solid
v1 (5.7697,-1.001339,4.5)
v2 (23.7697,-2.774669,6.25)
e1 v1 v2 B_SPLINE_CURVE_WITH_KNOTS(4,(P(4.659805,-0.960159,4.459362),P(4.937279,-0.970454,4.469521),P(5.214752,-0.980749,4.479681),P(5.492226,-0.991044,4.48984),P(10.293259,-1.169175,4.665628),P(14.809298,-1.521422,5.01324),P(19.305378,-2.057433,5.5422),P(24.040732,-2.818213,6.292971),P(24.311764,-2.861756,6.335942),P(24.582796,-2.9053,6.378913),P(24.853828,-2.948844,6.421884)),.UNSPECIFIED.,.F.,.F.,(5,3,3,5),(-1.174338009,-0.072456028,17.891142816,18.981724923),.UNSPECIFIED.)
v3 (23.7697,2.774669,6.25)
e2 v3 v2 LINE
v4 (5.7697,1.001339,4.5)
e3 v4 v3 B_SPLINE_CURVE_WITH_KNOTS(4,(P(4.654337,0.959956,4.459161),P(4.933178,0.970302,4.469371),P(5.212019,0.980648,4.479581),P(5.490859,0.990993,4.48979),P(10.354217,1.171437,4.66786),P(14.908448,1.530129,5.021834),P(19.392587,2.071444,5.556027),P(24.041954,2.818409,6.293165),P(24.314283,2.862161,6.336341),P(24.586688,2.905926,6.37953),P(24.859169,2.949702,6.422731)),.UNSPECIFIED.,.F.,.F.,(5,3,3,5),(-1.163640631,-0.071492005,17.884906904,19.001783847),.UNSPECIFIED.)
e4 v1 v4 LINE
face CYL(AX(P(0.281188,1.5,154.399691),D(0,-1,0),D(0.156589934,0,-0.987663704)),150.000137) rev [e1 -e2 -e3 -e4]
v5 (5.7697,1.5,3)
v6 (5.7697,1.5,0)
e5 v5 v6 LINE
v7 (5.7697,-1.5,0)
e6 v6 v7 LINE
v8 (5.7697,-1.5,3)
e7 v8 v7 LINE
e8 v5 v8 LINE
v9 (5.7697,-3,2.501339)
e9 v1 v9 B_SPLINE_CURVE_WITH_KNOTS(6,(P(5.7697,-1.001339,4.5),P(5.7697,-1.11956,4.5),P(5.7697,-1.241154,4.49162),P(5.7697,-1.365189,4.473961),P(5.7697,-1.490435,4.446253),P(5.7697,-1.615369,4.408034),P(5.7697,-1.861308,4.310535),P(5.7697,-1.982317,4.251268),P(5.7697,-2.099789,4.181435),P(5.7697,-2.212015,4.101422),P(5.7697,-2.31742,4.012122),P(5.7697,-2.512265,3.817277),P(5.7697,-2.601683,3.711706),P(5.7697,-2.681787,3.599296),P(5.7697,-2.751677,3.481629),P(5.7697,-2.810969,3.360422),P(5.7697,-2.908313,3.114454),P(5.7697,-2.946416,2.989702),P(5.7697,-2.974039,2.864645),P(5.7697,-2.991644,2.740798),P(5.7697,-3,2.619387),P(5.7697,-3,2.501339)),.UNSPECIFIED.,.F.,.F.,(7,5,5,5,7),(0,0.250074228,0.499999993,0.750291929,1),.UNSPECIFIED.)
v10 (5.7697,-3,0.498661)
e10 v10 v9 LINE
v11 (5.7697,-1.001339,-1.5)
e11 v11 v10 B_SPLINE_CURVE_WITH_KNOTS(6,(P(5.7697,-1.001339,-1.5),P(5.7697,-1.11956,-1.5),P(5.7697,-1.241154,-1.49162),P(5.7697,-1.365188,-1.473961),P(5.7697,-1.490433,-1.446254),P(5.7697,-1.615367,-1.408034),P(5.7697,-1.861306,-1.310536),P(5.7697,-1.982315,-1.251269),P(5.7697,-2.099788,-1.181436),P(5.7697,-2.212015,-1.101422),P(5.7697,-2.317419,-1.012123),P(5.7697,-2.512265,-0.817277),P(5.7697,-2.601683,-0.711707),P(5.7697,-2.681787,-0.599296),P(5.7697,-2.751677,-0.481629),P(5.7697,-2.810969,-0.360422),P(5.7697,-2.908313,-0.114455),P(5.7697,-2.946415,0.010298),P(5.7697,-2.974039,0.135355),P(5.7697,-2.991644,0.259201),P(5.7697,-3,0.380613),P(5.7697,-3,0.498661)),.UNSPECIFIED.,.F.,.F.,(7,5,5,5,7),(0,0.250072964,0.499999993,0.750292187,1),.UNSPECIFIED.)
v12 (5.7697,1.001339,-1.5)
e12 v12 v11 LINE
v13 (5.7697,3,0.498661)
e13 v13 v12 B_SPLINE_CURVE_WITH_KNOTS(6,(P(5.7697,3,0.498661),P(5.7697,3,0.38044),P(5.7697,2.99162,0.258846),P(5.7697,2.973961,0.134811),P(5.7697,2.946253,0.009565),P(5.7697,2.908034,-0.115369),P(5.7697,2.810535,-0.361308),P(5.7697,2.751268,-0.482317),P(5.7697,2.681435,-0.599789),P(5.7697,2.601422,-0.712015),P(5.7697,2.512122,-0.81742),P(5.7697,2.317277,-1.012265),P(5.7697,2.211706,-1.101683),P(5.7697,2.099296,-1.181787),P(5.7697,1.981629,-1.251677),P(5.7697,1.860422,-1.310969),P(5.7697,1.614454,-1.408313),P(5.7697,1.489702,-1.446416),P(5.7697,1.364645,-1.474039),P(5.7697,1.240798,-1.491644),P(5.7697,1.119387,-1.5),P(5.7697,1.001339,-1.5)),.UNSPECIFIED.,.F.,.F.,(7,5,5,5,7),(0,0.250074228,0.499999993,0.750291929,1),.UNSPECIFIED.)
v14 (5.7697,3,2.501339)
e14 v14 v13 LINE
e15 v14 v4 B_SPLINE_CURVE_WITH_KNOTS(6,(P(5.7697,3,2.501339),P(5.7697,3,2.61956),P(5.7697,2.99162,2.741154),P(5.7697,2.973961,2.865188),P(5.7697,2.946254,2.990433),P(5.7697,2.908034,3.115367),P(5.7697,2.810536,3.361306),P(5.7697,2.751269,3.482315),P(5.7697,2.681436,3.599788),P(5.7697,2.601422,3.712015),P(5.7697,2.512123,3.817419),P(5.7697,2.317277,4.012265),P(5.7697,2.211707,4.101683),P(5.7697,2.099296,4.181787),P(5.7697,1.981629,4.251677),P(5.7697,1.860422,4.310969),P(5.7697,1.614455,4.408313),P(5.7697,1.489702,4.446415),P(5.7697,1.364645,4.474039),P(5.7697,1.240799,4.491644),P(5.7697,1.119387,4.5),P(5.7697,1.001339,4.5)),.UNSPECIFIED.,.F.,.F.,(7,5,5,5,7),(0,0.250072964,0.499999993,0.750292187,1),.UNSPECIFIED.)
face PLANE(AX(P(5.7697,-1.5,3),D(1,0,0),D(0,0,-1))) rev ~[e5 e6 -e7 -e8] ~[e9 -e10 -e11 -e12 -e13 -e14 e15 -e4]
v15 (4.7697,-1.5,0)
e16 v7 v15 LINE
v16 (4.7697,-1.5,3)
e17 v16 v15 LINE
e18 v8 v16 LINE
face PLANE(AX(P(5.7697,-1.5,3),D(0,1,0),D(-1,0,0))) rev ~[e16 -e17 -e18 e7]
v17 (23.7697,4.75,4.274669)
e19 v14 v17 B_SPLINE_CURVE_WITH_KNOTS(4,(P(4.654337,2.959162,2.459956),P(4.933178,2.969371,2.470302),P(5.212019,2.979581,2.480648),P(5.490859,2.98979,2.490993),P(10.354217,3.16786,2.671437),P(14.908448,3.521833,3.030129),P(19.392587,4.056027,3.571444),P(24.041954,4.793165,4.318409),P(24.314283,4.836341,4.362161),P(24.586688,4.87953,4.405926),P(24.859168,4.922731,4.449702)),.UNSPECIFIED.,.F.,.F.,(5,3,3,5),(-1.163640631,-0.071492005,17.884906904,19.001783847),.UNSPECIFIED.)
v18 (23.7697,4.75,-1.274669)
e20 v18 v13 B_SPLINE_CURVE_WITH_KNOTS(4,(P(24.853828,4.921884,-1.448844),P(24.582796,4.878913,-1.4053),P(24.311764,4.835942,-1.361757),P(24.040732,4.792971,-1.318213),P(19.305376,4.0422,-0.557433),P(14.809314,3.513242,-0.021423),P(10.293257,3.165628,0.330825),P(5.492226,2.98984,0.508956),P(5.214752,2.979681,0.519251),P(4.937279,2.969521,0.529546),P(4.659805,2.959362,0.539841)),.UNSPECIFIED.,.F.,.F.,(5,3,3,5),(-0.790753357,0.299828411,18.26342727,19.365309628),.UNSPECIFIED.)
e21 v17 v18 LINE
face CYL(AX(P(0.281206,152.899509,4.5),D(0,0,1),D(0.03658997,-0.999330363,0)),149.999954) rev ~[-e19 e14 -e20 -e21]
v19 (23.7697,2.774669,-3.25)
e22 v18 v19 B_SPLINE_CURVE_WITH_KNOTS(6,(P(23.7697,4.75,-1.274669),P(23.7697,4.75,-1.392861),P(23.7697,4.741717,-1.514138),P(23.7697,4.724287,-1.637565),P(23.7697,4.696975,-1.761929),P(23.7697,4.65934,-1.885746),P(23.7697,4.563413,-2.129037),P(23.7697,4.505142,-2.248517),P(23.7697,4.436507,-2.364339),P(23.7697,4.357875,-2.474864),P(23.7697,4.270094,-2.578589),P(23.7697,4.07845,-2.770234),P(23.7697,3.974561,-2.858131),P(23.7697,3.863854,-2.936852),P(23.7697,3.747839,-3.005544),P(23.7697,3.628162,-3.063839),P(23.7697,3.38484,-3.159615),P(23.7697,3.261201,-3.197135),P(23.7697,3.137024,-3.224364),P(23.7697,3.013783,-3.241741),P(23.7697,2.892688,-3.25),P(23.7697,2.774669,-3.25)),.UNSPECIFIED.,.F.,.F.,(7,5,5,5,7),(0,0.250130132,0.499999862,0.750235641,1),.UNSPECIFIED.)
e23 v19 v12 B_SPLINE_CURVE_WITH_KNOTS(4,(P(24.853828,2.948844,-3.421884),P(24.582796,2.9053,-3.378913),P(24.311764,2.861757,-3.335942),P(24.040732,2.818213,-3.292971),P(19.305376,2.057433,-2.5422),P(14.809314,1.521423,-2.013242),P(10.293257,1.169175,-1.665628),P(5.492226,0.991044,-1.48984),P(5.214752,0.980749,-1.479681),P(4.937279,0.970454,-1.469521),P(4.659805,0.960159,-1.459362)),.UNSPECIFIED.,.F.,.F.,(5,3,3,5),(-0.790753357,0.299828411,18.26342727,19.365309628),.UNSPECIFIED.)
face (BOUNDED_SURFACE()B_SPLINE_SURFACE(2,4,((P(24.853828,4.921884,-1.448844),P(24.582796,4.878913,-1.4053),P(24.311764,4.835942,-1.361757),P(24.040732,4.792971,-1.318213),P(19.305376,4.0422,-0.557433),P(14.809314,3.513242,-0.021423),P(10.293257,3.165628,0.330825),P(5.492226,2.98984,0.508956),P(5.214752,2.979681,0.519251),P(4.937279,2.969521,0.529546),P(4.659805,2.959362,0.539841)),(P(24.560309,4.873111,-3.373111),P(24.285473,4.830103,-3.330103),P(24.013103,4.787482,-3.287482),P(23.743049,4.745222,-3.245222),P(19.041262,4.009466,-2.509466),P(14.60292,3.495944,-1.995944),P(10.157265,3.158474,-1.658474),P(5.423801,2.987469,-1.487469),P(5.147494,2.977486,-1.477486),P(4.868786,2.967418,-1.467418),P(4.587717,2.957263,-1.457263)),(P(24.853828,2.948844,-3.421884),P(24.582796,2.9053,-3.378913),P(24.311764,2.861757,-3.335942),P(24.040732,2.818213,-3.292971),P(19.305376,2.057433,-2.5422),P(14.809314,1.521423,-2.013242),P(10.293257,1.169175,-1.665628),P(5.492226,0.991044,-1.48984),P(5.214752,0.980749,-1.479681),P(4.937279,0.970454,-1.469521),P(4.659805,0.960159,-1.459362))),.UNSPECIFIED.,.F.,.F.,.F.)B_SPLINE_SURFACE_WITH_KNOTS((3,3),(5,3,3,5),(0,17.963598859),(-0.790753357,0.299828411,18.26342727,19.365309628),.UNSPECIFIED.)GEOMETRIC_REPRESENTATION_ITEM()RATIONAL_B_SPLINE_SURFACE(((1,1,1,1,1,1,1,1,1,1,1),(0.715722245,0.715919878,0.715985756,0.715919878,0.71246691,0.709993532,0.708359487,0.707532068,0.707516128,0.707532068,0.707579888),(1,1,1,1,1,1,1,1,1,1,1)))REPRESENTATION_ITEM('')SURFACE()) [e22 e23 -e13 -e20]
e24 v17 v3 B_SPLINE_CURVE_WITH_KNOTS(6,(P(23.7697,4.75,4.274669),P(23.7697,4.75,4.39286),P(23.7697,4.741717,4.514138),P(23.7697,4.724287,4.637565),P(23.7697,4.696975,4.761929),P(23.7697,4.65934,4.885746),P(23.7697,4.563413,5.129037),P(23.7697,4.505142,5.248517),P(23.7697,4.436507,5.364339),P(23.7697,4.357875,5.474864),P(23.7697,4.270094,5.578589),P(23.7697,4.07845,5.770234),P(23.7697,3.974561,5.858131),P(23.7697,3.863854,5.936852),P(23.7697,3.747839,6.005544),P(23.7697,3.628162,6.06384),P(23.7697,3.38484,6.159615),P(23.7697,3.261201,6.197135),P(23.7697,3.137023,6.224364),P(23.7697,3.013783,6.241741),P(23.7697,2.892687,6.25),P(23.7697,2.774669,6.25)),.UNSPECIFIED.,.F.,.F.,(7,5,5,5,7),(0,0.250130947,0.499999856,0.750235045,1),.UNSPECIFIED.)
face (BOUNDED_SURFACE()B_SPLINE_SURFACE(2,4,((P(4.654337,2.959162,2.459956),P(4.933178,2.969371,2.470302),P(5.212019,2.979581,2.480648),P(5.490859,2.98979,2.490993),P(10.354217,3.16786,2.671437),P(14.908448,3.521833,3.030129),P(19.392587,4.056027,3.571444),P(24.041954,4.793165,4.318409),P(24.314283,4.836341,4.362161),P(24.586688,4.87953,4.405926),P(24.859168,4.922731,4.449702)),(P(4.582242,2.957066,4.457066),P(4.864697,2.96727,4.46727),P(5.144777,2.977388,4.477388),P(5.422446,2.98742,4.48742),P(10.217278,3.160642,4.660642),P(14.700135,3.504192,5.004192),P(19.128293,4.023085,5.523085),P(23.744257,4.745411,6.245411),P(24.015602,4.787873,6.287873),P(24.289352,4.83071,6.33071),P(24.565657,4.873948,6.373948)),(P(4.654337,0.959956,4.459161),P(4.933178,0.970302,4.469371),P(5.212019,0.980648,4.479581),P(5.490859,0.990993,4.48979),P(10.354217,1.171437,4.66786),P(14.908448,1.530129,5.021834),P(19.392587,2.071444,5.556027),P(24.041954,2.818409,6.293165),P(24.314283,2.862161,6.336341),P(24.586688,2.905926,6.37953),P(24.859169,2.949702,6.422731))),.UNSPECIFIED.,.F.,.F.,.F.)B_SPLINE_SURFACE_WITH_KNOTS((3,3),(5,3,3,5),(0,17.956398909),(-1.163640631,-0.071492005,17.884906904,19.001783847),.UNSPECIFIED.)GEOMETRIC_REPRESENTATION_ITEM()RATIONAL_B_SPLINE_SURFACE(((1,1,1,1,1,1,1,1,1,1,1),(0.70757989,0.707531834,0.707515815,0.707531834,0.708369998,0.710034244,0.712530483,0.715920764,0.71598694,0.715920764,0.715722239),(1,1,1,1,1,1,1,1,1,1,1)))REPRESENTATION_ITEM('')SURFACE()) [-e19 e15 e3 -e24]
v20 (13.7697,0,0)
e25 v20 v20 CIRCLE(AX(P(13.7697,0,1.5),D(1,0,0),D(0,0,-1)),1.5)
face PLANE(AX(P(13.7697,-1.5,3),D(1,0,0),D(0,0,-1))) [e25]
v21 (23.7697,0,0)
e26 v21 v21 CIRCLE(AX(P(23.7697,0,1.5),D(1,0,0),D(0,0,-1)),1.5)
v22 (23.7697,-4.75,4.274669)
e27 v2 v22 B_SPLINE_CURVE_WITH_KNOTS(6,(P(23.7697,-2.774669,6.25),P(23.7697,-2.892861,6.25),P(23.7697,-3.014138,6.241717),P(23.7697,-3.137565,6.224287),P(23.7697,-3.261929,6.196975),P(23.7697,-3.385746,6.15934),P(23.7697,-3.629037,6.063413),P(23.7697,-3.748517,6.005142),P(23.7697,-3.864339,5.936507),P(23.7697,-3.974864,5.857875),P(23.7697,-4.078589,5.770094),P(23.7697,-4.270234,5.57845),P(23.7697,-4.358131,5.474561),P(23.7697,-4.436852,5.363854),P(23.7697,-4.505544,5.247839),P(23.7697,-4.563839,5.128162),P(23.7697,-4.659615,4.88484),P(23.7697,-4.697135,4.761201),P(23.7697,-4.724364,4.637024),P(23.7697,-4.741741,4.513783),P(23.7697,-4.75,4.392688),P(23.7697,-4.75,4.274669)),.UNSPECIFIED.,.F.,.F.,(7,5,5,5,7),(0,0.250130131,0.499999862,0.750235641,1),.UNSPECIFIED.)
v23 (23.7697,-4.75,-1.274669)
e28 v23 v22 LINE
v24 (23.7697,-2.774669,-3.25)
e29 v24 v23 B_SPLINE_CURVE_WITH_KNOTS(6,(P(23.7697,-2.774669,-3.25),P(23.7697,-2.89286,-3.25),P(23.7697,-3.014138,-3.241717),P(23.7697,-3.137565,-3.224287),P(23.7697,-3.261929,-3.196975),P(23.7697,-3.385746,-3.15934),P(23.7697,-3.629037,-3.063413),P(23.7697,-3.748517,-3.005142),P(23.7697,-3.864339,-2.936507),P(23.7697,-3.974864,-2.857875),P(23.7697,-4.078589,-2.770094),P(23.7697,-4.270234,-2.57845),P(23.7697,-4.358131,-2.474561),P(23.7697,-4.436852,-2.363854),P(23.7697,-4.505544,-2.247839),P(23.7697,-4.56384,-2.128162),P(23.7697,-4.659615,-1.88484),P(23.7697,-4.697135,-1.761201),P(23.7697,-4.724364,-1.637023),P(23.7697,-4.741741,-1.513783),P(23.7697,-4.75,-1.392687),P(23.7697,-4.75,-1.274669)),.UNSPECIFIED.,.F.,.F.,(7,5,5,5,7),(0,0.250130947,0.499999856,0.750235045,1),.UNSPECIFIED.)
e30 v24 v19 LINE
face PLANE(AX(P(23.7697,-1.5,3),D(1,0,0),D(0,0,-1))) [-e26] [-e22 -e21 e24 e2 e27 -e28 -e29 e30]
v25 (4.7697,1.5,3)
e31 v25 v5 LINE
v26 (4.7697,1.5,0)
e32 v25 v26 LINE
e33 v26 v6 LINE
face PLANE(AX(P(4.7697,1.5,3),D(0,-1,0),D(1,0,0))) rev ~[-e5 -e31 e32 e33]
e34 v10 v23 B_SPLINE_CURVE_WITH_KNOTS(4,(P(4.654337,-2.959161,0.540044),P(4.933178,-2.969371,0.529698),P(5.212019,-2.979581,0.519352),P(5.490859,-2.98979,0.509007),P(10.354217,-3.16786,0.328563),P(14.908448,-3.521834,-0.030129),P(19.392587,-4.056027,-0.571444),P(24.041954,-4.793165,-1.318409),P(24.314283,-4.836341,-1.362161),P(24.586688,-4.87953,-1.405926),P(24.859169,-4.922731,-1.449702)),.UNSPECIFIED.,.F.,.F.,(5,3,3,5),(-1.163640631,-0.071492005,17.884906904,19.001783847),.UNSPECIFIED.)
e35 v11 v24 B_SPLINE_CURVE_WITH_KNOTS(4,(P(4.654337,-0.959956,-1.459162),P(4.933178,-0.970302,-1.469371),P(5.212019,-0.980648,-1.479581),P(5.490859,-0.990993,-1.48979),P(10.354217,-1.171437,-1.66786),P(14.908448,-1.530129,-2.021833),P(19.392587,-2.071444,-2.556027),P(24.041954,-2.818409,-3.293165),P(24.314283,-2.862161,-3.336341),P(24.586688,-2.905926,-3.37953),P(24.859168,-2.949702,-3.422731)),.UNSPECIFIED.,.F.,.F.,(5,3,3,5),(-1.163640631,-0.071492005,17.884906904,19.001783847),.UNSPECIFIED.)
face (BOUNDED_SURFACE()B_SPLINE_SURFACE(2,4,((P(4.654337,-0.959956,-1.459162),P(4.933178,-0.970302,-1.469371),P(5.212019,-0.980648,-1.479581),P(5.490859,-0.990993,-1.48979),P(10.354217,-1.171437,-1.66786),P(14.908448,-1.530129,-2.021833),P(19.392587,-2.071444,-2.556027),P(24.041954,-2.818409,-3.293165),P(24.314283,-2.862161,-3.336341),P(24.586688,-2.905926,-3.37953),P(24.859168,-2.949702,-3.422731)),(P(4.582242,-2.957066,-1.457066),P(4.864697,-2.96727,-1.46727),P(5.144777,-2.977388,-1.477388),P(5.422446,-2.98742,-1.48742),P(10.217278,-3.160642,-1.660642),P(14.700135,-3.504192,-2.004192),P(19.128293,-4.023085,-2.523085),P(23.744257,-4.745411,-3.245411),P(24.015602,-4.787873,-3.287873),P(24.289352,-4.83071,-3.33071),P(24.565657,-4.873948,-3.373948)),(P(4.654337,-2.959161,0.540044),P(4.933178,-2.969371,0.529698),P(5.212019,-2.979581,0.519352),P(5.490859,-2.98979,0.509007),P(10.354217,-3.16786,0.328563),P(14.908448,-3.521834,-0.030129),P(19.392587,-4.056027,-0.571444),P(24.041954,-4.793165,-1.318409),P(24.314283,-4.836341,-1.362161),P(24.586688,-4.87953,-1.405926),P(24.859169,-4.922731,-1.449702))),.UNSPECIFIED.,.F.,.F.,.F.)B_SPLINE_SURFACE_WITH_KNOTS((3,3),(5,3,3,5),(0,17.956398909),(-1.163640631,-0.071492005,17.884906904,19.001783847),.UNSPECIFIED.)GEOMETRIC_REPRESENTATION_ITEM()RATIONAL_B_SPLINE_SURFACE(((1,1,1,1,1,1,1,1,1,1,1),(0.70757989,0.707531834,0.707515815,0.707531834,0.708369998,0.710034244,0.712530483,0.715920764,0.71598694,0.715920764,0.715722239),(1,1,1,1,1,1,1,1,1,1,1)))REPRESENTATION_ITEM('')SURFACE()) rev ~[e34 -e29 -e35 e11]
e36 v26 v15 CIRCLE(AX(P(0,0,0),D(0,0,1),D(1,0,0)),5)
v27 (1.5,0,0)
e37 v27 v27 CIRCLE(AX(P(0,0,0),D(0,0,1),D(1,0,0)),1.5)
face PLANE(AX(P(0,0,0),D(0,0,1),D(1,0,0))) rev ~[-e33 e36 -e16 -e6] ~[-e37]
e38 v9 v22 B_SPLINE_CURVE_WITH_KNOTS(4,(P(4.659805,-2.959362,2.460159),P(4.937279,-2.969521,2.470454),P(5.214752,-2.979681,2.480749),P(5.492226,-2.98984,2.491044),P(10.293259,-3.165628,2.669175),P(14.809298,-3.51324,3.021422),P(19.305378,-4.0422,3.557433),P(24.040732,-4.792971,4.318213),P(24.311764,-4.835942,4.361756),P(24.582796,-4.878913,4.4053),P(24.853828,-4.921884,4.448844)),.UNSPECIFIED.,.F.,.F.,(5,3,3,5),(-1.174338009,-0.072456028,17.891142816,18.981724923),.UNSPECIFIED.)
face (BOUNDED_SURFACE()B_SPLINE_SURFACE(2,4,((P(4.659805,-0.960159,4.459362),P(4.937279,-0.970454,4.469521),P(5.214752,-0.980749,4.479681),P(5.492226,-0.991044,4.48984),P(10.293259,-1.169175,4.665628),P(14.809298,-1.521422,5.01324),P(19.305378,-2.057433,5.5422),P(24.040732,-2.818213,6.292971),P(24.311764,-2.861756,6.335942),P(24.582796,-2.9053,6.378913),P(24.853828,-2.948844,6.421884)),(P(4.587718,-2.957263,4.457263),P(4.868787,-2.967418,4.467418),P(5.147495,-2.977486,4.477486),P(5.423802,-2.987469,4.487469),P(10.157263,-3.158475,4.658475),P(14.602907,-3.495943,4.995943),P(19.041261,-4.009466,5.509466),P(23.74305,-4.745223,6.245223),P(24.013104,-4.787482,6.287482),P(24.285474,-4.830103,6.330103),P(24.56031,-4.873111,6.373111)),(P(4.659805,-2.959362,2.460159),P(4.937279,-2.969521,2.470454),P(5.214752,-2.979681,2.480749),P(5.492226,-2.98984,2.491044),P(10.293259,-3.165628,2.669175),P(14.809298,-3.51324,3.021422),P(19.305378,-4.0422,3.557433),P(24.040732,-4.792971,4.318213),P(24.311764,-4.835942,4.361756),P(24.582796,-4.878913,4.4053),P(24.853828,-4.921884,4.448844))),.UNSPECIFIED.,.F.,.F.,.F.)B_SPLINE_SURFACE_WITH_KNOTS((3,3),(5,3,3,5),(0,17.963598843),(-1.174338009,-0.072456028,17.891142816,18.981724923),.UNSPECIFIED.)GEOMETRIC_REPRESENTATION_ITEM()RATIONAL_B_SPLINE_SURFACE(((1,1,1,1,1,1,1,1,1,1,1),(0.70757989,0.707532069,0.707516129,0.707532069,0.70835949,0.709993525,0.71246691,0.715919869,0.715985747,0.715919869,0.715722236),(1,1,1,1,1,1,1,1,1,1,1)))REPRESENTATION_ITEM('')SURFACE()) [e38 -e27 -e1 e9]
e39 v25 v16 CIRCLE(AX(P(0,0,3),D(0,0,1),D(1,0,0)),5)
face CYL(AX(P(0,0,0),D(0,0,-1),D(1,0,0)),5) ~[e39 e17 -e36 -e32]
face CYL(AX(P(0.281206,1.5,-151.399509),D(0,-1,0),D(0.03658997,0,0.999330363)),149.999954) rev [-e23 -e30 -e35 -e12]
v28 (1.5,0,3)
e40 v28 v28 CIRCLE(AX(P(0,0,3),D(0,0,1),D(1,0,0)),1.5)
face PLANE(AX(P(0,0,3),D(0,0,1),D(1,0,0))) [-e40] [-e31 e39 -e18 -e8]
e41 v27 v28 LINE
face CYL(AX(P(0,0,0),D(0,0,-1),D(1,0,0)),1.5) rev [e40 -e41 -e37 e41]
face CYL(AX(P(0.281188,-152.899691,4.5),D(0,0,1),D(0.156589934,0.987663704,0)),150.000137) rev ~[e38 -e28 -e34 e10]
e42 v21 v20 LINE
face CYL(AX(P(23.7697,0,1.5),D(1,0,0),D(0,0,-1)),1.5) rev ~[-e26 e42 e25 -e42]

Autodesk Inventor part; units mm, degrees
ref_plane "YZ Plane" through (0, 0, 0) normal (1, 0, 0) x (0, 1, 0)
ref_plane "XZ Plane" through (0, 0, 0) normal (0, 1, 0) x (-1, 0, 0)
ref_plane "XY Plane" through (0, 0, 0) normal (0, 0, 1) x (1, 0, 0)
sketch "Sketch1" plane through (0, 0, 0) normal (0, 0, 1) x (1, 0, 0)
  circle A0 centre (0, 0) radius 1.5
  circle A1 centre (0, 0) radius 5
  dimension "d0" = 3
  dimension "d1" = 10
extrude "Extrusion1" add sketch "Sketch1" along normal blind 3
sketch "Sketch2" plane through (0, 0, 3) normal (0, 0, 1) x (1, 0, 0)
  circle A0 centre (0, 0) radius 5 projected
  line L0 (4.7697, 1.5) -> (5.7697, 1.5)
  line L1 (5.7697, 1.5) -> (5.7697, -1.5)
  line L2 (5.7697, -1.5) -> (4.7697, -1.5)
  line L3 (4.7697, -1.5) -> (4.7697, 1.5)
  circle A1 centre (0, 0) radius 5 projected
  point P0 (4.7697, 0)
  dimension "d4" = 1
  dimension "d8" = 3
extrude "Extrusion2" add sketch "Sketch2" against normal blind 3 contours A0 L3 | A0 L0 L1 L2 picked at (4.8122, -0.3362)
sketch "Sketch3" plane through (5.7697, -1.5, 3) normal (1, 0, 0) x (0, 0, -1)
  line L0 (-1.5, 4.5) -> (4.5, 4.5)
  line L1 (4.5, 4.5) -> (4.5, -1.5)
  line L2 (4.5, -1.5) -> (-1.5, -1.5)
  line L3 (-1.5, -1.5) -> (-1.5, 4.5)
  line L4 (0, 3) -> (3, 3) projected
  line L5 (0, 3) -> (0, 0) projected
  point P0 (3, 1.5)
  point P1 (0, 1.5)
  point P2 (-1.5, 1.5)
  point P3 (1.5, 3)
  point P4 (1.5, 4.5)
  dimension "d9" = 6
  dimension "d10" = 6
extrude "Extrusion3" add sketch "Sketch3" along normal blind 18
sketch "Sketch4" plane through (5.7697, -3, 4.5) normal (0, 0, 1) x (1, 0, 0)
  line L0 (18, 7.75) -> (18, -1.75)
  line L1 (18, 6) -> (18, 0) projected
  line L2 (0, 0) -> (0, 6) projected
  arc A0 (0, 6) -> (18, 7.75) centre (-5.4885, 155.8996) ccw
  arc A1 (18, -1.75) -> (0, 0) centre (-5.4885, -149.8996) ccw
  line L3 (0, 0) -> (18, 0) projected
  line L4 (0, 0) -> (18, 0)
  line L5 (18, 0) -> (18, -1.75)
  line L6 (0, 6) -> (18, 6) projected
  line L7 (0, 6) -> (18, 6)
  line L8 (18, 6) -> (18, 7.75)
  point P0 (-5.7697, 3)
  point P1 (18, 3)
  dimension "d13" = 9.5
  dimension "d14" = 150
  dimension "d15" = 150
extrude "Extrusion4" add sketch "Sketch4" against normal blind 6 contours L0 L6 A0 | L0 A1 L3
sketch "Sketch5" plane through (4.7697, 1.5, 3) normal (0, 1, 0) x (1, 0, 0)
  line L0 (19, 6.25) -> (19, -3.25)
  line L1 (19, -1.5) -> (19, 4.5) projected
  arc A0 (1, 4.5) -> (19, 6.25) centre (-4.4885, 154.3996) ccw
  line L2 (19, -1.5) -> (1, -1.5) projected
  arc A1 (19, -3.25) -> (1, -1.5) centre (-4.4885, -151.3996) ccw
  line L3 (1, 4.5) -> (19, 4.5)
  line L4 (19, 4.5) -> (19, 6.25)
  line L5 (1, -1.5) -> (19, -1.5)
  line L6 (19, -1.5) -> (19, -3.25)
  point P0 (-4.7697, 3)
  point P1 (19, 1.5)
  dimension "d18" = 9.5
  dimension "d19" = 150
  dimension "d20" = 150
extrude "Extrusion5" add sketch "Sketch5" along normal blind 3.25 and the other way blind 6.25
sketch "Sketch6" plane through (5.7697, -4.75, -1.5) normal (0, 0, 1) x (1, 0, 0)
  arc A0 (0, 7.75) -> (18, 9.5) centre (-5.4885, 157.6496) ccw projected
  line L0 (0, 9.5) -> (18, 9.5) projected
  line L1 (0, 7.75) -> (0, 9.5) projected
  arc A1 (18, 0) -> (0, 1.75) centre (-5.4885, -148.1496) ccw projected
  line L2 (0, 0) -> (0, 1.75) projected
  line L3 (18, 0) -> (0, 0) projected
  point P0 (-5.7697, 4.75)
extrude "Extrusion6" cut sketch "Sketch6" along normal through all both and the other way through all
fillet "Fillet1" radius 2 4 edges at (14.7961, 3.6035, -2.1035) (14.872, 3.6109, 5.1109) (14.872, -3.6109, 5.1109) (14.7961, -3.6035, -2.1035)
sketch "Sketch7" plane through (23.7697, -1.5, 3) normal (1, 0, 0) x (0, 0, -1)
  circle A0 centre (1.5, 1.5) radius 1.5
  line L0 (-3.25, 4.2747) -> (-3.25, -1.2747) projected
  line L1 (-1.2747, 6.25) -> (4.2747, 6.25) projected
  point P0 (3, 1.5)
  point P1 (1.5, 6.25)
  point P2 (-3.25, 1.5)
  dimension "d28" = 3
extrude "Extrusion7" cut sketch "Sketch7" against normal blind 10
properties part number "Arm4" material "ABS Plastic"
